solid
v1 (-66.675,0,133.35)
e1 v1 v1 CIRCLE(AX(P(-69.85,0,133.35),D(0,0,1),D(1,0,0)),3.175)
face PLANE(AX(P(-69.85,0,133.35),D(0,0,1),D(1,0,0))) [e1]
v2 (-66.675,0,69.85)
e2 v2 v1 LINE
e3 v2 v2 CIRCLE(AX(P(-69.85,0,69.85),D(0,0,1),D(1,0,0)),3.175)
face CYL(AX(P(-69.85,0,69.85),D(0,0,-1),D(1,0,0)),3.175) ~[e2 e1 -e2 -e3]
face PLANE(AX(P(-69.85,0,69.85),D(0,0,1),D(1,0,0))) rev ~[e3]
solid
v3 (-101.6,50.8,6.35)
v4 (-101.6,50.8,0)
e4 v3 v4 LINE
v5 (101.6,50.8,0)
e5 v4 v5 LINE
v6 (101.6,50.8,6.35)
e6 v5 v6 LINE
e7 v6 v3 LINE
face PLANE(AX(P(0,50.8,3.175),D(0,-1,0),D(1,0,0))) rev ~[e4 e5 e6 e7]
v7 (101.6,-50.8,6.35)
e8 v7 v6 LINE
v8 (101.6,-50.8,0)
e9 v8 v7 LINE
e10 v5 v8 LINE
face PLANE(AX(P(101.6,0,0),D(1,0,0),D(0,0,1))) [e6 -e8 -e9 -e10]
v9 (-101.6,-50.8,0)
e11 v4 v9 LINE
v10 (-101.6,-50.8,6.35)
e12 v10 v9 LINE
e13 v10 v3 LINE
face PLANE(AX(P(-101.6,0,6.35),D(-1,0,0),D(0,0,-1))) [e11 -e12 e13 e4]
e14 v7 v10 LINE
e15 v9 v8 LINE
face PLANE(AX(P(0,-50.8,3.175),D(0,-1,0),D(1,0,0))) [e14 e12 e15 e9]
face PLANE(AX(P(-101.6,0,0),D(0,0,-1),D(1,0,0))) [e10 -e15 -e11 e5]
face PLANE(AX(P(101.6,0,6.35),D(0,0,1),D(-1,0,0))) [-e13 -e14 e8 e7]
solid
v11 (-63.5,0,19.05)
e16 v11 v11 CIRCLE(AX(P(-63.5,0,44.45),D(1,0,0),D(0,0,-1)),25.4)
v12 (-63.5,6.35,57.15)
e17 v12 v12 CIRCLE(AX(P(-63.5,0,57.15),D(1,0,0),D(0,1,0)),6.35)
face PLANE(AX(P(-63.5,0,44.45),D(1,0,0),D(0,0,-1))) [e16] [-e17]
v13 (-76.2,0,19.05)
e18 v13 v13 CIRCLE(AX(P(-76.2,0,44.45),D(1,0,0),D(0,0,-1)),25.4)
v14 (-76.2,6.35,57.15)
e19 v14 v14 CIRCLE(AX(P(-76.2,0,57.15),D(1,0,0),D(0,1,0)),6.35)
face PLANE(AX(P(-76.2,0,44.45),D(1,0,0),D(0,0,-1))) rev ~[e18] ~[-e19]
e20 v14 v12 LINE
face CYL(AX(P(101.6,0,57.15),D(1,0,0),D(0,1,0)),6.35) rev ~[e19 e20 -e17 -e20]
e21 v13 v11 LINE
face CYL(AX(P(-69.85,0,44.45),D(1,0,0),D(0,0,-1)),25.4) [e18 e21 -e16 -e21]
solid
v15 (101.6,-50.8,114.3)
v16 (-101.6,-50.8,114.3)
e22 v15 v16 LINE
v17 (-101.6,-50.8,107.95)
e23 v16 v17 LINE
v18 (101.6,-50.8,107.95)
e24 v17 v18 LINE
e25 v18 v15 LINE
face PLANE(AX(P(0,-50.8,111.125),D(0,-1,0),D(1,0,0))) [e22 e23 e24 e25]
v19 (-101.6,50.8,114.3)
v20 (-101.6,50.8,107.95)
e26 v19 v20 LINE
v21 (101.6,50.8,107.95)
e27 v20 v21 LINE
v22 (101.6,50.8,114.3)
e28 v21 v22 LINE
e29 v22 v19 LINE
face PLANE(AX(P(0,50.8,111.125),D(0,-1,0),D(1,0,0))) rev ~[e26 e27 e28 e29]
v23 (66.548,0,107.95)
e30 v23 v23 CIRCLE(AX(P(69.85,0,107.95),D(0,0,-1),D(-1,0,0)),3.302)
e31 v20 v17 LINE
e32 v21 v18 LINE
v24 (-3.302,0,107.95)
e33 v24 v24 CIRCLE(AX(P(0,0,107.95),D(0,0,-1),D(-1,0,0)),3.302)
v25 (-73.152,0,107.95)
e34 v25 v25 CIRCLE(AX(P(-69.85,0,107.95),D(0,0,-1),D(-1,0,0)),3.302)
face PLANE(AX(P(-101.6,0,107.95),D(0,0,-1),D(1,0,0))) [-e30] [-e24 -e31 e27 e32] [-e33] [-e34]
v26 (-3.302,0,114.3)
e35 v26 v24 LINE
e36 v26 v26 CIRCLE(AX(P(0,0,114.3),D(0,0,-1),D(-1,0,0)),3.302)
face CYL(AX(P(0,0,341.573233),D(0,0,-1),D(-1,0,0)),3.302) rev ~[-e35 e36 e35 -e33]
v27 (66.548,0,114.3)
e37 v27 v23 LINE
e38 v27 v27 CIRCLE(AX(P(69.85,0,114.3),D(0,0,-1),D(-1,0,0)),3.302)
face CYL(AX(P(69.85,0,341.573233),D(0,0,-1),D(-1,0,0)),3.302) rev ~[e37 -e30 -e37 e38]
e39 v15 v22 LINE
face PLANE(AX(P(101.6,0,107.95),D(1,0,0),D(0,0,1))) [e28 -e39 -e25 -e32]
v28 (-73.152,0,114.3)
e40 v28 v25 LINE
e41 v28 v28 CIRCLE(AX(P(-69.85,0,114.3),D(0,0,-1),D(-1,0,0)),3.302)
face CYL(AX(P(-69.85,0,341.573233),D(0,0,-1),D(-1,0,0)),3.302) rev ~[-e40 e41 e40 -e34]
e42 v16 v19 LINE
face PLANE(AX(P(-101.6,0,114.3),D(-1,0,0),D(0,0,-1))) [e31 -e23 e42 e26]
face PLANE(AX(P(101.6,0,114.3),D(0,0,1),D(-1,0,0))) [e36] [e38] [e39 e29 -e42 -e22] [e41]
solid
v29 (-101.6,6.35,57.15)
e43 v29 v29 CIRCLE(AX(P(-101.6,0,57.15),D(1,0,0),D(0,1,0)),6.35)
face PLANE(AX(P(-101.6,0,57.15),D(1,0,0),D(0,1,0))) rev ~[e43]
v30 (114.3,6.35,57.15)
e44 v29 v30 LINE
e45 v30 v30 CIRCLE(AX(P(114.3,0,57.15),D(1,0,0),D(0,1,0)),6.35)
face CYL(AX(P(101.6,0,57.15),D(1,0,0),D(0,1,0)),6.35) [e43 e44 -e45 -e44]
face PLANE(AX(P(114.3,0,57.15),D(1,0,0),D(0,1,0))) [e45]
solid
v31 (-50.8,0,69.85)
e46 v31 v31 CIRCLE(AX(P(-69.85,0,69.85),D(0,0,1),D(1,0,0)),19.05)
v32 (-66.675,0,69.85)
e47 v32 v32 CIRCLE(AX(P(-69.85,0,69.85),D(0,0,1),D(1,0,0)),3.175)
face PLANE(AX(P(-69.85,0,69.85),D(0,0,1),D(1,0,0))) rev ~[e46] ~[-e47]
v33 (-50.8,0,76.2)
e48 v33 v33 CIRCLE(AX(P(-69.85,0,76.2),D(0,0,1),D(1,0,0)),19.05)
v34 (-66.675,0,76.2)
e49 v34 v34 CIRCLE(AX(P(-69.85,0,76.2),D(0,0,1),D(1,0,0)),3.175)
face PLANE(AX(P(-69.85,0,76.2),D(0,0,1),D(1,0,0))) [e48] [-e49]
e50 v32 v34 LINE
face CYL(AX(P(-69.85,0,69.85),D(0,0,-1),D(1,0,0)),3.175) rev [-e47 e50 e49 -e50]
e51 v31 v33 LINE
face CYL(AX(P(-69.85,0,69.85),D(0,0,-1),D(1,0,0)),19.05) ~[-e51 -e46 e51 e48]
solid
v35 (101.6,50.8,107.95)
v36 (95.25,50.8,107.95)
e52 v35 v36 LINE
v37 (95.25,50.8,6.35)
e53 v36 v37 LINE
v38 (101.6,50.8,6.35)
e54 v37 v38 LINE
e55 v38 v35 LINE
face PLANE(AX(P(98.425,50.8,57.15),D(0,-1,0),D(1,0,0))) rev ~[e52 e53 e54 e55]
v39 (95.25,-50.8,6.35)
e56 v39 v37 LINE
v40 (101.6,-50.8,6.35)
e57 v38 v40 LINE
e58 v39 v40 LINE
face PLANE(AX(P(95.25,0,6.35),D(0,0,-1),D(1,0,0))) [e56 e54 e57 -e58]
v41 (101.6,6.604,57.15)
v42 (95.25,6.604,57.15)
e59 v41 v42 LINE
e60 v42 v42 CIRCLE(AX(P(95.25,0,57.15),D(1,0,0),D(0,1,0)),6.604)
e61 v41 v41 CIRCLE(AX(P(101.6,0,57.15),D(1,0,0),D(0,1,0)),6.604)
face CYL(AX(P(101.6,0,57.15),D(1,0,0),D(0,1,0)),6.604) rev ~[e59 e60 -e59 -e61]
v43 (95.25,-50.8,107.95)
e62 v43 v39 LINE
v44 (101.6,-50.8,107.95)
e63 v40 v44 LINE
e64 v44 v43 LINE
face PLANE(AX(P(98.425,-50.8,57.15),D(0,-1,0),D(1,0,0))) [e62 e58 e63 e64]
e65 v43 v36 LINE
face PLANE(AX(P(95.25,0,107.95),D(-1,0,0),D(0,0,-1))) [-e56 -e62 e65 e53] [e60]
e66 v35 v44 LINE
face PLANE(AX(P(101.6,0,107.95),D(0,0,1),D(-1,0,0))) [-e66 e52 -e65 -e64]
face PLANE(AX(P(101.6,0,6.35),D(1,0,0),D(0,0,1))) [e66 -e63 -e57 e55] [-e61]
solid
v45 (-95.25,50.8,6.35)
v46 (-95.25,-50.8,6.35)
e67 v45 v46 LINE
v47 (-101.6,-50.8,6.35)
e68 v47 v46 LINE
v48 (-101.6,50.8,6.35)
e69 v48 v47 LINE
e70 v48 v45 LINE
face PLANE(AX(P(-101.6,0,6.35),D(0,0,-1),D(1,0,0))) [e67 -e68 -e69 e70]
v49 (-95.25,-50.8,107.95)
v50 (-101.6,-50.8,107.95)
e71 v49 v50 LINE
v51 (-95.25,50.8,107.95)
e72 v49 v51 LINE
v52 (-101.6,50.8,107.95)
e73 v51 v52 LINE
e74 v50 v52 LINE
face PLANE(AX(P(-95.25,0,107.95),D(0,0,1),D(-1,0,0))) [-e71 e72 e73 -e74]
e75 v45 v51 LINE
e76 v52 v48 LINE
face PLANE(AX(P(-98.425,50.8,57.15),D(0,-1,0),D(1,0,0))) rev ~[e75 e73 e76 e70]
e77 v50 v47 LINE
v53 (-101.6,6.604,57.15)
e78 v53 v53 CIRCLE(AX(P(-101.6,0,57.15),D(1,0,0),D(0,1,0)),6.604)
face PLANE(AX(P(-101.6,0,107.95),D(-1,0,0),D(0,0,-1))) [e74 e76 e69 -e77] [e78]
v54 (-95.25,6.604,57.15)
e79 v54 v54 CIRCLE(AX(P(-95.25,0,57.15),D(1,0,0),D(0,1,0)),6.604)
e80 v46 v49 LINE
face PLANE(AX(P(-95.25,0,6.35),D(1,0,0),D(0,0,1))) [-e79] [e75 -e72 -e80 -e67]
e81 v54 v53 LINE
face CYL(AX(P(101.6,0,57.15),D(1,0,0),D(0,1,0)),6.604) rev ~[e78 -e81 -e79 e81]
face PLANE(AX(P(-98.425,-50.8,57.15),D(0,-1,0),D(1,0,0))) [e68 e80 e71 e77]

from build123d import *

# Parameters (mm, degrees)
F2_DEPTH      = 50.8
F3_DEPTH      = 50.8
F3_DEPTH_BACK = 50.8
F4_R          = 6.604
F4_R_2        = 6.35
F5_DEPTH      = 203.201
F6_DEPTH      = 12.7
F6_DEPTH_BACK = 203.2
F0_W          = 12.7
F0_H          = 25.4
F10_D         = 6.604
F12_R         = 3.175
F13_DEPTH     = 63.5
F12_R_2       = 19.05
F14_DEPTH     = 6.35


with BuildPart() as f2:
    # F0 (on Front) → F2 (new body, symmetric)
    with BuildSketch(Plane.XZ):
        Polygon((-95.25, 6.35), (-101.6, 6.35), (-101.6, 0), (101.6, 0), (101.6, 6.35), (95.25, 6.35), align=None)
    extrude(amount=F2_DEPTH, both=True)


with BuildPart() as f2b:
    # F0 (on Front) → F2, piece 2 (new body, symmetric)
    with BuildSketch(Plane.XZ):
        Polygon((-101.6, 114.3), (-101.6, 107.95), (-95.25, 107.95), (95.25, 107.95), (101.6, 107.95), (101.6, 114.3), align=None)
    extrude(amount=F2_DEPTH, both=True)

    # F10 (through all)
    with Locations(Plane.XY.offset(114.3)):
        with Locations((-69.85, 0), (0, 0), (69.85, 0)):
            Hole(F10_D / 2)


with BuildPart() as f3:
    # F0 (on Front) → F3 (new body, two sides)
    with BuildSketch(Plane.XZ) as f3_sk:
        Polygon((-101.6, 107.95), (-101.6, 6.35), (-95.25, 6.35), (-95.25, 57.15), (-95.25, 107.95), align=None)
    extrude(amount=F3_DEPTH)
    extrude(f3_sk.sketch, amount=-F3_DEPTH_BACK)


with BuildPart() as f3b:
    # F0 (on Front) → F3, piece 2 (new body, two sides)
    with BuildSketch(Plane.XZ) as f3_2_sk:
        Polygon((95.25, 57.15), (95.25, 6.35), (101.6, 6.35), (101.6, 107.95), (95.25, 107.95), align=None)
    extrude(amount=F3_DEPTH)
    extrude(f3_2_sk.sketch, amount=-F3_DEPTH_BACK)


with BuildPart() as f5_tool:
    # F4 (on face) → F5 (new body, through all)
    with BuildSketch(Plane.YZ.offset(101.6)):
        with Locations((0, 57.15)):
            Circle(F4_R)
        with Locations((0, 57.15)):
            Circle(F4_R_2, mode=Mode.SUBTRACT)
        with Locations((0, 57.15)):
            Circle(F4_R_2)
    extrude(amount=-F5_DEPTH)


with BuildPart() as f3_1:
    add(f3.part)

    # F5: cut by f5_tool
    add(f5_tool.part, mode=Mode.SUBTRACT)


with BuildPart() as f3b_1:
    add(f3b.part)

    # F5: cut by f5_tool
    add(f5_tool.part, mode=Mode.SUBTRACT)


with BuildPart() as f6:
    # F4 (on face) → F6 (new body, two sides)
    with BuildSketch(Plane.YZ.offset(101.6)) as f6_sk:
        with Locations((0, 57.15)):
            Circle(F4_R_2)
    extrude(amount=F6_DEPTH)
    extrude(f6_sk.sketch, amount=-F6_DEPTH_BACK)


with BuildPart() as f7:
    # F0 (on Front) → F7 (revolve)
    with BuildSketch(Plane.XZ):
        with Locations((-69.85, 31.75)):
            Rectangle(F0_W, F0_H)
    revolve(axis=Axis((-69.85, 0, 44.45), (1, 0, 0)))

    # F8: cut F6
    add(f6.part, mode=Mode.SUBTRACT)


with BuildPart() as f13:
    # F12 (on plane+point) → F13 (new body, through all)
    with BuildSketch(Plane.XY.offset(69.85)):
        with Locations((-69.85, 0)):
            Circle(F12_R)
    extrude(amount=F13_DEPTH)


with BuildPart() as f14:
    # F12 (on plane+point) → F14 (new body)
    with BuildSketch(Plane.XY.offset(69.85)):
        with Locations((-69.85, 0)):
            Circle(F12_R_2)
        with Locations((-69.85, 0)):
            Circle(F12_R, mode=Mode.SUBTRACT)
    extrude(amount=F14_DEPTH)


solid = Compound([f2.part, f2b.part, f3_1.part, f3b_1.part, f6.part, f7.part, f13.part, f14.part])
